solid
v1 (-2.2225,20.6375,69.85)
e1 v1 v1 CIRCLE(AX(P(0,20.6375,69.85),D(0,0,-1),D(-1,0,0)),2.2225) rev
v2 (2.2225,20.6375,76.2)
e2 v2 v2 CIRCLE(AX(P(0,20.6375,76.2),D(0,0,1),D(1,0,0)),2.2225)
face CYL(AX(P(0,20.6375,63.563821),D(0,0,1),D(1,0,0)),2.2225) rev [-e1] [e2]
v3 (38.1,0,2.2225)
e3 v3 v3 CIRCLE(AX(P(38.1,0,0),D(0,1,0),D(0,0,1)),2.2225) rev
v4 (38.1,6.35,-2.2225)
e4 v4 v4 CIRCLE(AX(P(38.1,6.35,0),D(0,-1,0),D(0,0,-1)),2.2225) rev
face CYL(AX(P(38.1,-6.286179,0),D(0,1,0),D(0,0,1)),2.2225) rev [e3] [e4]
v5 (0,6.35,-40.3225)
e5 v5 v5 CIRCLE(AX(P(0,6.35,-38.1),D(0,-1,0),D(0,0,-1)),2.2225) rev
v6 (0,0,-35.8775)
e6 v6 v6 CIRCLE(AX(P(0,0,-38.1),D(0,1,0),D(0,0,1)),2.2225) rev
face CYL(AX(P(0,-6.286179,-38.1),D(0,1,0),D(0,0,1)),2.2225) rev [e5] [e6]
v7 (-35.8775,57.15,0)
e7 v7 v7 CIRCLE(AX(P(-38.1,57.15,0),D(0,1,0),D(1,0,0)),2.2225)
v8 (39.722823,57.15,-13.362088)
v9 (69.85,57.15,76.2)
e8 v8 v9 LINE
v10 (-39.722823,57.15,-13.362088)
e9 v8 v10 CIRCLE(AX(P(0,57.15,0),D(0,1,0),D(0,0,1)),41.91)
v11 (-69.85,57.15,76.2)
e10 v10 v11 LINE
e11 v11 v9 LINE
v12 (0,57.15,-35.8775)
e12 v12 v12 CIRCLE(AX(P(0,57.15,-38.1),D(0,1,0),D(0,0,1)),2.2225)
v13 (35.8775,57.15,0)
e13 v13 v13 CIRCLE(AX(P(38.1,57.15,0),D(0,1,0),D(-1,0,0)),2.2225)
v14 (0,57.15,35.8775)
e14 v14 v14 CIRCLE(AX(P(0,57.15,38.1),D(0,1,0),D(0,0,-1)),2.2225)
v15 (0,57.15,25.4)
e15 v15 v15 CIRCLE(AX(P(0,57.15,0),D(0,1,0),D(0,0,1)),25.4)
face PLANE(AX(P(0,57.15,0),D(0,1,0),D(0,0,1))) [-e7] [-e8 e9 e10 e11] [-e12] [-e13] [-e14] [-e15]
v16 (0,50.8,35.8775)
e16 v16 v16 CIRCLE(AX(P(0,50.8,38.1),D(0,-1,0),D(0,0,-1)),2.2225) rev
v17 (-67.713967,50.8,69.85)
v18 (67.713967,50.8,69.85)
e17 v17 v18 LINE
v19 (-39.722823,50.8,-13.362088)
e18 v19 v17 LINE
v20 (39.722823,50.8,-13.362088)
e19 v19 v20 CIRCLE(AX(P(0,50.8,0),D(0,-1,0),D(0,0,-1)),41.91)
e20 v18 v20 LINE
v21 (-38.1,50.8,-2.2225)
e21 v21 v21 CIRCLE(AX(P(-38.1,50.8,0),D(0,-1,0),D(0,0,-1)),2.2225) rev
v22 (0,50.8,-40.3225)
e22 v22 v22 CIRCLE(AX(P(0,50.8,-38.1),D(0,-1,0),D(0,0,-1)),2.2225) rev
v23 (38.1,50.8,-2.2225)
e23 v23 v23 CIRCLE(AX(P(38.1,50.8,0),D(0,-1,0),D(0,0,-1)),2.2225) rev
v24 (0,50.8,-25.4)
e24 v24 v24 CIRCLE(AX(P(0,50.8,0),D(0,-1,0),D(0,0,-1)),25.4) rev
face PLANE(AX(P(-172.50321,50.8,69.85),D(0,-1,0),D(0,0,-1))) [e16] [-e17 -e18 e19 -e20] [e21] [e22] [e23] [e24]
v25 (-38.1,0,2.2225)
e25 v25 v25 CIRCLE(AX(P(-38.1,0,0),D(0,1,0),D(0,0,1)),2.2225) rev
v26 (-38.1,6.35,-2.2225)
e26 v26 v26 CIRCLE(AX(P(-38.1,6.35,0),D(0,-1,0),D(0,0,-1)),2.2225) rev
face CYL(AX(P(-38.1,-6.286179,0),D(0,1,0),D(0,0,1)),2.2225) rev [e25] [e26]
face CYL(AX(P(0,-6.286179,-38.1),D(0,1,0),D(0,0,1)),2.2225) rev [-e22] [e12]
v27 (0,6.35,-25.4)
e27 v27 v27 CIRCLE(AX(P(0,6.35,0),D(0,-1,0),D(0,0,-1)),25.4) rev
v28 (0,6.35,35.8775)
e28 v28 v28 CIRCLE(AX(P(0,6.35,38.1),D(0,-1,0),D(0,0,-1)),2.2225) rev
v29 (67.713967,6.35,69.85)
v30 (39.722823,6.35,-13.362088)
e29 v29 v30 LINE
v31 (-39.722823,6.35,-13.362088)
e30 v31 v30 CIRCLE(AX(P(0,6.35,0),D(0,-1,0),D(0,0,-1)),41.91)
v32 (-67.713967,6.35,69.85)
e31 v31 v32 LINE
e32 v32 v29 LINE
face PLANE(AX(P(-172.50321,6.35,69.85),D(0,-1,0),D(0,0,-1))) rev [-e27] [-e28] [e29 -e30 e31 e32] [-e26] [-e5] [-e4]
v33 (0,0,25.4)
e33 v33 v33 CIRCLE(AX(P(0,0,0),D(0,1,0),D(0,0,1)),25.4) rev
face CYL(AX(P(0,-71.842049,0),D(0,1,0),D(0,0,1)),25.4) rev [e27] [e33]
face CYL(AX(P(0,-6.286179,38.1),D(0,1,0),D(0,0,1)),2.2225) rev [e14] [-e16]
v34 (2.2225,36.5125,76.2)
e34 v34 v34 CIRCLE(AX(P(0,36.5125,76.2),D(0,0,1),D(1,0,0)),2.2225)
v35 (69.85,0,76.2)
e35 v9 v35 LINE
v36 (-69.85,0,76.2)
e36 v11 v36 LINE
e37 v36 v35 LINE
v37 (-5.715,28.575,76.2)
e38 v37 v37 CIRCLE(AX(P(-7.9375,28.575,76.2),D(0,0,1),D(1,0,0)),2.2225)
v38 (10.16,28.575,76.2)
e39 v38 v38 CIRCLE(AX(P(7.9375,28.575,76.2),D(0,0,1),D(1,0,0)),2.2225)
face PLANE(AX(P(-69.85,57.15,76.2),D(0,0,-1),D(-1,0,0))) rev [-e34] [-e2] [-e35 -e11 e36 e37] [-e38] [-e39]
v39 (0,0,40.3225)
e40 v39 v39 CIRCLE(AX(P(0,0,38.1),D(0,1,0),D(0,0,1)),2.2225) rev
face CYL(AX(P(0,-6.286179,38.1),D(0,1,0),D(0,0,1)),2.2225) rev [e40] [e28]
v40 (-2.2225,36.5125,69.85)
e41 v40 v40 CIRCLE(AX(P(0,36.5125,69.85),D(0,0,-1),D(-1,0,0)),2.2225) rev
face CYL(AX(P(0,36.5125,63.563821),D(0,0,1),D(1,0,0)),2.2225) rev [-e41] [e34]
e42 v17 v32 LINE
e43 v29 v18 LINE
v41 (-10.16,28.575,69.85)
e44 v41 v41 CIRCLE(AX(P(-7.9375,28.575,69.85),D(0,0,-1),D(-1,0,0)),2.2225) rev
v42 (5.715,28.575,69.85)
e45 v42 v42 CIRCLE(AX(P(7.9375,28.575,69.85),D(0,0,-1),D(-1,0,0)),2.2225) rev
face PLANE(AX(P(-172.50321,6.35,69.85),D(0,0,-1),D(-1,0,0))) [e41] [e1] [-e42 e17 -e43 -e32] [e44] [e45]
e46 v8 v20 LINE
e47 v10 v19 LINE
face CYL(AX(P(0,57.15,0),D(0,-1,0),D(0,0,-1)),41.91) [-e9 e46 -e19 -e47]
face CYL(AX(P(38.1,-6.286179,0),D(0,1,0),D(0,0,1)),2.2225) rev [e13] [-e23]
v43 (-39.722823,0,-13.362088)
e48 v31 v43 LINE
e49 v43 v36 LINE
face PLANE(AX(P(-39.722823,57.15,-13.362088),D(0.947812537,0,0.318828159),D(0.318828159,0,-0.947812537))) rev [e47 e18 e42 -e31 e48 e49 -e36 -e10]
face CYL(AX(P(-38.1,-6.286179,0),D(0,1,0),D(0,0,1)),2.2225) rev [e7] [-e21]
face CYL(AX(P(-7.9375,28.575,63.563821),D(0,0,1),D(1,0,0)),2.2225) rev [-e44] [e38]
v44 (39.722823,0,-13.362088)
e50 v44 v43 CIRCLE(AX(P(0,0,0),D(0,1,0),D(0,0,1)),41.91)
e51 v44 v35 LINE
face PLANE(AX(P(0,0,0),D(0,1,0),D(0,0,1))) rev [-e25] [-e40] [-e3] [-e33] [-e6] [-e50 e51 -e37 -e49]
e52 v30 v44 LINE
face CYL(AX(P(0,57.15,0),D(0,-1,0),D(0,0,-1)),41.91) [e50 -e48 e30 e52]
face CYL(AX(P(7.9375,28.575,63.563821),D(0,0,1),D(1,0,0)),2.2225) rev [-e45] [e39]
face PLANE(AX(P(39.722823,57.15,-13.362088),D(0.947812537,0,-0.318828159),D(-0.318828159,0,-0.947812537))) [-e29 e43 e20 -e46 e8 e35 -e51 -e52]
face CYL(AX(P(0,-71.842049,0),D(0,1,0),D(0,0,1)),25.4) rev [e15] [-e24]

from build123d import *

# Parameters (mm, degrees)
BOSS_EXTRUDE1_DEPTH            = 57.15
SKETCH2_R                      = 25.4
CUT_EXTRUDE1_DEPTH             = 57.15
SKETCH3_R                      = 2.2225
CUT_EXTRUDE2_DEPTH             = 57.15
CIRPATTERN1_COUNT              = 4
CUT_EXTRUDE3_REACH             = 120.117
SKETCH4_W                      = 111.76
SKETCH4_H                      = 44.45
CUT_EXTRUDE3_DIRECTION_2_REACH = 120.117
SKETCH5_R                      = 2.2225
CUT_EXTRUDE4_DEPTH             = 6.35


with BuildPart() as part:
    # Sketch1 → Boss-Extrude1 (new body)
    with BuildSketch(Plane(origin=(0, 0, 0), x_dir=(1, 0, 0), z_dir=(0, 1, 0))):
        with BuildLine():
            Line((-39.722823422, 13.362088137), (-69.85, -76.2))
            Line((-69.85, -76.2), (69.85, -76.2))
            Line((69.85, -76.2), (39.722823422, 13.362088137))
            ThreePointArc((39.722823422, 13.362088137), (0, 41.91), (-39.722823422, 13.362088137))
        make_face()
    extrude(amount=BOSS_EXTRUDE1_DEPTH)

    # Sketch2 → Cut-Extrude1 (cut)
    with BuildSketch(Plane(origin=(0, 57.15, 0), x_dir=(1, 0, 0), z_dir=(0, 1, 0))):
        with Locations(Location((0, 0, 0), (0, 0, 270))):
            Circle(SKETCH2_R)
    extrude(amount=-CUT_EXTRUDE1_DEPTH, mode=Mode.SUBTRACT)

    # Sketch3 → Cut-Extrude2 (cut)
    with BuildSketch(Plane(origin=(0, 57.15, 0), x_dir=(1, 0, 0), z_dir=(0, 1, 0))):
        with Locations(Location((0, 38.1, 0), (0, 0, 270))):
            Circle(SKETCH3_R)
    cut_extrude2 = extrude(amount=-CUT_EXTRUDE2_DEPTH, mode=Mode.SUBTRACT)

    # CirPattern1: Cut-Extrude2 ×4 about axis
    cirpattern1_axis = Axis((0, 0, 0), (0, 1, 0))
    for i in range(1, CIRPATTERN1_COUNT):
        add(cut_extrude2.rotate(cirpattern1_axis, i * 360 / CIRPATTERN1_COUNT), mode=Mode.SUBTRACT)

    # Cut-Extrude3: up to this plane
    cut_extrude3_end = Plane(origin=(-39.722823422, 57.15, -13.362088137), z_dir=(0.9478125369142922, 0, 0.318828158838101))
    # Sketch4 → Cut-Extrude3 (cut, up to the surface)
    with BuildSketch(Plane(origin=(0, 0, 0), x_dir=(0, 0, -1), z_dir=(1, 0, 0)), mode=Mode.PRIVATE) as cut_extrude3_sk1:
        with Locations((-13.97, 28.575)):
            Rectangle(SKETCH4_W, SKETCH4_H)
    cut_extrude3_tool1 = split(extrude(cut_extrude3_sk1.sketch, amount=-CUT_EXTRUDE3_REACH, mode=Mode.PRIVATE), bisect_by=cut_extrude3_end, keep=Keep.BOTH, mode=Mode.PRIVATE)
    add(cut_extrude3_tool1.solids().sort_by_distance((0, 28.575, 13.97))[0], mode=Mode.SUBTRACT)

    # Cut-Extrude3 direction 2: up to this plane
    cut_extrude3_direction_2_end = Plane(origin=(39.722823422, 57.15, -13.362088137), z_dir=(0.9478125369142922, 0, -0.318828158838101))
    # Sketch4 → Cut-Extrude3 direction 2 (cut, up to the surface)
    with BuildSketch(Plane(origin=(0, 0, 0), x_dir=(0, 0, -1), z_dir=(1, 0, 0)), mode=Mode.PRIVATE) as cut_extrude3_direction_2_sk1:
        with Locations((-13.97, 28.575)):
            Rectangle(SKETCH4_W, SKETCH4_H)
    cut_extrude3_direction_2_tool1 = split(extrude(cut_extrude3_direction_2_sk1.sketch, amount=CUT_EXTRUDE3_DIRECTION_2_REACH, mode=Mode.PRIVATE), bisect_by=cut_extrude3_direction_2_end, keep=Keep.BOTH, mode=Mode.PRIVATE)
    add(cut_extrude3_direction_2_tool1.solids().sort_by_distance((0, 28.575, 13.97))[0], mode=Mode.SUBTRACT)

    # Sketch5 → Cut-Extrude4 (cut)
    with BuildSketch(Plane.XY.offset(76.2)):
        with Locations((0, 36.5125)):
            Circle(SKETCH5_R)
        with Locations((-7.9375, 28.575)):
            Circle(SKETCH5_R)
        with Locations((0, 20.6375)):
            Circle(SKETCH5_R)
        with Locations((7.9375, 28.575)):
            Circle(SKETCH5_R)
    extrude(amount=-CUT_EXTRUDE4_DEPTH, mode=Mode.SUBTRACT)


solid = part.part
